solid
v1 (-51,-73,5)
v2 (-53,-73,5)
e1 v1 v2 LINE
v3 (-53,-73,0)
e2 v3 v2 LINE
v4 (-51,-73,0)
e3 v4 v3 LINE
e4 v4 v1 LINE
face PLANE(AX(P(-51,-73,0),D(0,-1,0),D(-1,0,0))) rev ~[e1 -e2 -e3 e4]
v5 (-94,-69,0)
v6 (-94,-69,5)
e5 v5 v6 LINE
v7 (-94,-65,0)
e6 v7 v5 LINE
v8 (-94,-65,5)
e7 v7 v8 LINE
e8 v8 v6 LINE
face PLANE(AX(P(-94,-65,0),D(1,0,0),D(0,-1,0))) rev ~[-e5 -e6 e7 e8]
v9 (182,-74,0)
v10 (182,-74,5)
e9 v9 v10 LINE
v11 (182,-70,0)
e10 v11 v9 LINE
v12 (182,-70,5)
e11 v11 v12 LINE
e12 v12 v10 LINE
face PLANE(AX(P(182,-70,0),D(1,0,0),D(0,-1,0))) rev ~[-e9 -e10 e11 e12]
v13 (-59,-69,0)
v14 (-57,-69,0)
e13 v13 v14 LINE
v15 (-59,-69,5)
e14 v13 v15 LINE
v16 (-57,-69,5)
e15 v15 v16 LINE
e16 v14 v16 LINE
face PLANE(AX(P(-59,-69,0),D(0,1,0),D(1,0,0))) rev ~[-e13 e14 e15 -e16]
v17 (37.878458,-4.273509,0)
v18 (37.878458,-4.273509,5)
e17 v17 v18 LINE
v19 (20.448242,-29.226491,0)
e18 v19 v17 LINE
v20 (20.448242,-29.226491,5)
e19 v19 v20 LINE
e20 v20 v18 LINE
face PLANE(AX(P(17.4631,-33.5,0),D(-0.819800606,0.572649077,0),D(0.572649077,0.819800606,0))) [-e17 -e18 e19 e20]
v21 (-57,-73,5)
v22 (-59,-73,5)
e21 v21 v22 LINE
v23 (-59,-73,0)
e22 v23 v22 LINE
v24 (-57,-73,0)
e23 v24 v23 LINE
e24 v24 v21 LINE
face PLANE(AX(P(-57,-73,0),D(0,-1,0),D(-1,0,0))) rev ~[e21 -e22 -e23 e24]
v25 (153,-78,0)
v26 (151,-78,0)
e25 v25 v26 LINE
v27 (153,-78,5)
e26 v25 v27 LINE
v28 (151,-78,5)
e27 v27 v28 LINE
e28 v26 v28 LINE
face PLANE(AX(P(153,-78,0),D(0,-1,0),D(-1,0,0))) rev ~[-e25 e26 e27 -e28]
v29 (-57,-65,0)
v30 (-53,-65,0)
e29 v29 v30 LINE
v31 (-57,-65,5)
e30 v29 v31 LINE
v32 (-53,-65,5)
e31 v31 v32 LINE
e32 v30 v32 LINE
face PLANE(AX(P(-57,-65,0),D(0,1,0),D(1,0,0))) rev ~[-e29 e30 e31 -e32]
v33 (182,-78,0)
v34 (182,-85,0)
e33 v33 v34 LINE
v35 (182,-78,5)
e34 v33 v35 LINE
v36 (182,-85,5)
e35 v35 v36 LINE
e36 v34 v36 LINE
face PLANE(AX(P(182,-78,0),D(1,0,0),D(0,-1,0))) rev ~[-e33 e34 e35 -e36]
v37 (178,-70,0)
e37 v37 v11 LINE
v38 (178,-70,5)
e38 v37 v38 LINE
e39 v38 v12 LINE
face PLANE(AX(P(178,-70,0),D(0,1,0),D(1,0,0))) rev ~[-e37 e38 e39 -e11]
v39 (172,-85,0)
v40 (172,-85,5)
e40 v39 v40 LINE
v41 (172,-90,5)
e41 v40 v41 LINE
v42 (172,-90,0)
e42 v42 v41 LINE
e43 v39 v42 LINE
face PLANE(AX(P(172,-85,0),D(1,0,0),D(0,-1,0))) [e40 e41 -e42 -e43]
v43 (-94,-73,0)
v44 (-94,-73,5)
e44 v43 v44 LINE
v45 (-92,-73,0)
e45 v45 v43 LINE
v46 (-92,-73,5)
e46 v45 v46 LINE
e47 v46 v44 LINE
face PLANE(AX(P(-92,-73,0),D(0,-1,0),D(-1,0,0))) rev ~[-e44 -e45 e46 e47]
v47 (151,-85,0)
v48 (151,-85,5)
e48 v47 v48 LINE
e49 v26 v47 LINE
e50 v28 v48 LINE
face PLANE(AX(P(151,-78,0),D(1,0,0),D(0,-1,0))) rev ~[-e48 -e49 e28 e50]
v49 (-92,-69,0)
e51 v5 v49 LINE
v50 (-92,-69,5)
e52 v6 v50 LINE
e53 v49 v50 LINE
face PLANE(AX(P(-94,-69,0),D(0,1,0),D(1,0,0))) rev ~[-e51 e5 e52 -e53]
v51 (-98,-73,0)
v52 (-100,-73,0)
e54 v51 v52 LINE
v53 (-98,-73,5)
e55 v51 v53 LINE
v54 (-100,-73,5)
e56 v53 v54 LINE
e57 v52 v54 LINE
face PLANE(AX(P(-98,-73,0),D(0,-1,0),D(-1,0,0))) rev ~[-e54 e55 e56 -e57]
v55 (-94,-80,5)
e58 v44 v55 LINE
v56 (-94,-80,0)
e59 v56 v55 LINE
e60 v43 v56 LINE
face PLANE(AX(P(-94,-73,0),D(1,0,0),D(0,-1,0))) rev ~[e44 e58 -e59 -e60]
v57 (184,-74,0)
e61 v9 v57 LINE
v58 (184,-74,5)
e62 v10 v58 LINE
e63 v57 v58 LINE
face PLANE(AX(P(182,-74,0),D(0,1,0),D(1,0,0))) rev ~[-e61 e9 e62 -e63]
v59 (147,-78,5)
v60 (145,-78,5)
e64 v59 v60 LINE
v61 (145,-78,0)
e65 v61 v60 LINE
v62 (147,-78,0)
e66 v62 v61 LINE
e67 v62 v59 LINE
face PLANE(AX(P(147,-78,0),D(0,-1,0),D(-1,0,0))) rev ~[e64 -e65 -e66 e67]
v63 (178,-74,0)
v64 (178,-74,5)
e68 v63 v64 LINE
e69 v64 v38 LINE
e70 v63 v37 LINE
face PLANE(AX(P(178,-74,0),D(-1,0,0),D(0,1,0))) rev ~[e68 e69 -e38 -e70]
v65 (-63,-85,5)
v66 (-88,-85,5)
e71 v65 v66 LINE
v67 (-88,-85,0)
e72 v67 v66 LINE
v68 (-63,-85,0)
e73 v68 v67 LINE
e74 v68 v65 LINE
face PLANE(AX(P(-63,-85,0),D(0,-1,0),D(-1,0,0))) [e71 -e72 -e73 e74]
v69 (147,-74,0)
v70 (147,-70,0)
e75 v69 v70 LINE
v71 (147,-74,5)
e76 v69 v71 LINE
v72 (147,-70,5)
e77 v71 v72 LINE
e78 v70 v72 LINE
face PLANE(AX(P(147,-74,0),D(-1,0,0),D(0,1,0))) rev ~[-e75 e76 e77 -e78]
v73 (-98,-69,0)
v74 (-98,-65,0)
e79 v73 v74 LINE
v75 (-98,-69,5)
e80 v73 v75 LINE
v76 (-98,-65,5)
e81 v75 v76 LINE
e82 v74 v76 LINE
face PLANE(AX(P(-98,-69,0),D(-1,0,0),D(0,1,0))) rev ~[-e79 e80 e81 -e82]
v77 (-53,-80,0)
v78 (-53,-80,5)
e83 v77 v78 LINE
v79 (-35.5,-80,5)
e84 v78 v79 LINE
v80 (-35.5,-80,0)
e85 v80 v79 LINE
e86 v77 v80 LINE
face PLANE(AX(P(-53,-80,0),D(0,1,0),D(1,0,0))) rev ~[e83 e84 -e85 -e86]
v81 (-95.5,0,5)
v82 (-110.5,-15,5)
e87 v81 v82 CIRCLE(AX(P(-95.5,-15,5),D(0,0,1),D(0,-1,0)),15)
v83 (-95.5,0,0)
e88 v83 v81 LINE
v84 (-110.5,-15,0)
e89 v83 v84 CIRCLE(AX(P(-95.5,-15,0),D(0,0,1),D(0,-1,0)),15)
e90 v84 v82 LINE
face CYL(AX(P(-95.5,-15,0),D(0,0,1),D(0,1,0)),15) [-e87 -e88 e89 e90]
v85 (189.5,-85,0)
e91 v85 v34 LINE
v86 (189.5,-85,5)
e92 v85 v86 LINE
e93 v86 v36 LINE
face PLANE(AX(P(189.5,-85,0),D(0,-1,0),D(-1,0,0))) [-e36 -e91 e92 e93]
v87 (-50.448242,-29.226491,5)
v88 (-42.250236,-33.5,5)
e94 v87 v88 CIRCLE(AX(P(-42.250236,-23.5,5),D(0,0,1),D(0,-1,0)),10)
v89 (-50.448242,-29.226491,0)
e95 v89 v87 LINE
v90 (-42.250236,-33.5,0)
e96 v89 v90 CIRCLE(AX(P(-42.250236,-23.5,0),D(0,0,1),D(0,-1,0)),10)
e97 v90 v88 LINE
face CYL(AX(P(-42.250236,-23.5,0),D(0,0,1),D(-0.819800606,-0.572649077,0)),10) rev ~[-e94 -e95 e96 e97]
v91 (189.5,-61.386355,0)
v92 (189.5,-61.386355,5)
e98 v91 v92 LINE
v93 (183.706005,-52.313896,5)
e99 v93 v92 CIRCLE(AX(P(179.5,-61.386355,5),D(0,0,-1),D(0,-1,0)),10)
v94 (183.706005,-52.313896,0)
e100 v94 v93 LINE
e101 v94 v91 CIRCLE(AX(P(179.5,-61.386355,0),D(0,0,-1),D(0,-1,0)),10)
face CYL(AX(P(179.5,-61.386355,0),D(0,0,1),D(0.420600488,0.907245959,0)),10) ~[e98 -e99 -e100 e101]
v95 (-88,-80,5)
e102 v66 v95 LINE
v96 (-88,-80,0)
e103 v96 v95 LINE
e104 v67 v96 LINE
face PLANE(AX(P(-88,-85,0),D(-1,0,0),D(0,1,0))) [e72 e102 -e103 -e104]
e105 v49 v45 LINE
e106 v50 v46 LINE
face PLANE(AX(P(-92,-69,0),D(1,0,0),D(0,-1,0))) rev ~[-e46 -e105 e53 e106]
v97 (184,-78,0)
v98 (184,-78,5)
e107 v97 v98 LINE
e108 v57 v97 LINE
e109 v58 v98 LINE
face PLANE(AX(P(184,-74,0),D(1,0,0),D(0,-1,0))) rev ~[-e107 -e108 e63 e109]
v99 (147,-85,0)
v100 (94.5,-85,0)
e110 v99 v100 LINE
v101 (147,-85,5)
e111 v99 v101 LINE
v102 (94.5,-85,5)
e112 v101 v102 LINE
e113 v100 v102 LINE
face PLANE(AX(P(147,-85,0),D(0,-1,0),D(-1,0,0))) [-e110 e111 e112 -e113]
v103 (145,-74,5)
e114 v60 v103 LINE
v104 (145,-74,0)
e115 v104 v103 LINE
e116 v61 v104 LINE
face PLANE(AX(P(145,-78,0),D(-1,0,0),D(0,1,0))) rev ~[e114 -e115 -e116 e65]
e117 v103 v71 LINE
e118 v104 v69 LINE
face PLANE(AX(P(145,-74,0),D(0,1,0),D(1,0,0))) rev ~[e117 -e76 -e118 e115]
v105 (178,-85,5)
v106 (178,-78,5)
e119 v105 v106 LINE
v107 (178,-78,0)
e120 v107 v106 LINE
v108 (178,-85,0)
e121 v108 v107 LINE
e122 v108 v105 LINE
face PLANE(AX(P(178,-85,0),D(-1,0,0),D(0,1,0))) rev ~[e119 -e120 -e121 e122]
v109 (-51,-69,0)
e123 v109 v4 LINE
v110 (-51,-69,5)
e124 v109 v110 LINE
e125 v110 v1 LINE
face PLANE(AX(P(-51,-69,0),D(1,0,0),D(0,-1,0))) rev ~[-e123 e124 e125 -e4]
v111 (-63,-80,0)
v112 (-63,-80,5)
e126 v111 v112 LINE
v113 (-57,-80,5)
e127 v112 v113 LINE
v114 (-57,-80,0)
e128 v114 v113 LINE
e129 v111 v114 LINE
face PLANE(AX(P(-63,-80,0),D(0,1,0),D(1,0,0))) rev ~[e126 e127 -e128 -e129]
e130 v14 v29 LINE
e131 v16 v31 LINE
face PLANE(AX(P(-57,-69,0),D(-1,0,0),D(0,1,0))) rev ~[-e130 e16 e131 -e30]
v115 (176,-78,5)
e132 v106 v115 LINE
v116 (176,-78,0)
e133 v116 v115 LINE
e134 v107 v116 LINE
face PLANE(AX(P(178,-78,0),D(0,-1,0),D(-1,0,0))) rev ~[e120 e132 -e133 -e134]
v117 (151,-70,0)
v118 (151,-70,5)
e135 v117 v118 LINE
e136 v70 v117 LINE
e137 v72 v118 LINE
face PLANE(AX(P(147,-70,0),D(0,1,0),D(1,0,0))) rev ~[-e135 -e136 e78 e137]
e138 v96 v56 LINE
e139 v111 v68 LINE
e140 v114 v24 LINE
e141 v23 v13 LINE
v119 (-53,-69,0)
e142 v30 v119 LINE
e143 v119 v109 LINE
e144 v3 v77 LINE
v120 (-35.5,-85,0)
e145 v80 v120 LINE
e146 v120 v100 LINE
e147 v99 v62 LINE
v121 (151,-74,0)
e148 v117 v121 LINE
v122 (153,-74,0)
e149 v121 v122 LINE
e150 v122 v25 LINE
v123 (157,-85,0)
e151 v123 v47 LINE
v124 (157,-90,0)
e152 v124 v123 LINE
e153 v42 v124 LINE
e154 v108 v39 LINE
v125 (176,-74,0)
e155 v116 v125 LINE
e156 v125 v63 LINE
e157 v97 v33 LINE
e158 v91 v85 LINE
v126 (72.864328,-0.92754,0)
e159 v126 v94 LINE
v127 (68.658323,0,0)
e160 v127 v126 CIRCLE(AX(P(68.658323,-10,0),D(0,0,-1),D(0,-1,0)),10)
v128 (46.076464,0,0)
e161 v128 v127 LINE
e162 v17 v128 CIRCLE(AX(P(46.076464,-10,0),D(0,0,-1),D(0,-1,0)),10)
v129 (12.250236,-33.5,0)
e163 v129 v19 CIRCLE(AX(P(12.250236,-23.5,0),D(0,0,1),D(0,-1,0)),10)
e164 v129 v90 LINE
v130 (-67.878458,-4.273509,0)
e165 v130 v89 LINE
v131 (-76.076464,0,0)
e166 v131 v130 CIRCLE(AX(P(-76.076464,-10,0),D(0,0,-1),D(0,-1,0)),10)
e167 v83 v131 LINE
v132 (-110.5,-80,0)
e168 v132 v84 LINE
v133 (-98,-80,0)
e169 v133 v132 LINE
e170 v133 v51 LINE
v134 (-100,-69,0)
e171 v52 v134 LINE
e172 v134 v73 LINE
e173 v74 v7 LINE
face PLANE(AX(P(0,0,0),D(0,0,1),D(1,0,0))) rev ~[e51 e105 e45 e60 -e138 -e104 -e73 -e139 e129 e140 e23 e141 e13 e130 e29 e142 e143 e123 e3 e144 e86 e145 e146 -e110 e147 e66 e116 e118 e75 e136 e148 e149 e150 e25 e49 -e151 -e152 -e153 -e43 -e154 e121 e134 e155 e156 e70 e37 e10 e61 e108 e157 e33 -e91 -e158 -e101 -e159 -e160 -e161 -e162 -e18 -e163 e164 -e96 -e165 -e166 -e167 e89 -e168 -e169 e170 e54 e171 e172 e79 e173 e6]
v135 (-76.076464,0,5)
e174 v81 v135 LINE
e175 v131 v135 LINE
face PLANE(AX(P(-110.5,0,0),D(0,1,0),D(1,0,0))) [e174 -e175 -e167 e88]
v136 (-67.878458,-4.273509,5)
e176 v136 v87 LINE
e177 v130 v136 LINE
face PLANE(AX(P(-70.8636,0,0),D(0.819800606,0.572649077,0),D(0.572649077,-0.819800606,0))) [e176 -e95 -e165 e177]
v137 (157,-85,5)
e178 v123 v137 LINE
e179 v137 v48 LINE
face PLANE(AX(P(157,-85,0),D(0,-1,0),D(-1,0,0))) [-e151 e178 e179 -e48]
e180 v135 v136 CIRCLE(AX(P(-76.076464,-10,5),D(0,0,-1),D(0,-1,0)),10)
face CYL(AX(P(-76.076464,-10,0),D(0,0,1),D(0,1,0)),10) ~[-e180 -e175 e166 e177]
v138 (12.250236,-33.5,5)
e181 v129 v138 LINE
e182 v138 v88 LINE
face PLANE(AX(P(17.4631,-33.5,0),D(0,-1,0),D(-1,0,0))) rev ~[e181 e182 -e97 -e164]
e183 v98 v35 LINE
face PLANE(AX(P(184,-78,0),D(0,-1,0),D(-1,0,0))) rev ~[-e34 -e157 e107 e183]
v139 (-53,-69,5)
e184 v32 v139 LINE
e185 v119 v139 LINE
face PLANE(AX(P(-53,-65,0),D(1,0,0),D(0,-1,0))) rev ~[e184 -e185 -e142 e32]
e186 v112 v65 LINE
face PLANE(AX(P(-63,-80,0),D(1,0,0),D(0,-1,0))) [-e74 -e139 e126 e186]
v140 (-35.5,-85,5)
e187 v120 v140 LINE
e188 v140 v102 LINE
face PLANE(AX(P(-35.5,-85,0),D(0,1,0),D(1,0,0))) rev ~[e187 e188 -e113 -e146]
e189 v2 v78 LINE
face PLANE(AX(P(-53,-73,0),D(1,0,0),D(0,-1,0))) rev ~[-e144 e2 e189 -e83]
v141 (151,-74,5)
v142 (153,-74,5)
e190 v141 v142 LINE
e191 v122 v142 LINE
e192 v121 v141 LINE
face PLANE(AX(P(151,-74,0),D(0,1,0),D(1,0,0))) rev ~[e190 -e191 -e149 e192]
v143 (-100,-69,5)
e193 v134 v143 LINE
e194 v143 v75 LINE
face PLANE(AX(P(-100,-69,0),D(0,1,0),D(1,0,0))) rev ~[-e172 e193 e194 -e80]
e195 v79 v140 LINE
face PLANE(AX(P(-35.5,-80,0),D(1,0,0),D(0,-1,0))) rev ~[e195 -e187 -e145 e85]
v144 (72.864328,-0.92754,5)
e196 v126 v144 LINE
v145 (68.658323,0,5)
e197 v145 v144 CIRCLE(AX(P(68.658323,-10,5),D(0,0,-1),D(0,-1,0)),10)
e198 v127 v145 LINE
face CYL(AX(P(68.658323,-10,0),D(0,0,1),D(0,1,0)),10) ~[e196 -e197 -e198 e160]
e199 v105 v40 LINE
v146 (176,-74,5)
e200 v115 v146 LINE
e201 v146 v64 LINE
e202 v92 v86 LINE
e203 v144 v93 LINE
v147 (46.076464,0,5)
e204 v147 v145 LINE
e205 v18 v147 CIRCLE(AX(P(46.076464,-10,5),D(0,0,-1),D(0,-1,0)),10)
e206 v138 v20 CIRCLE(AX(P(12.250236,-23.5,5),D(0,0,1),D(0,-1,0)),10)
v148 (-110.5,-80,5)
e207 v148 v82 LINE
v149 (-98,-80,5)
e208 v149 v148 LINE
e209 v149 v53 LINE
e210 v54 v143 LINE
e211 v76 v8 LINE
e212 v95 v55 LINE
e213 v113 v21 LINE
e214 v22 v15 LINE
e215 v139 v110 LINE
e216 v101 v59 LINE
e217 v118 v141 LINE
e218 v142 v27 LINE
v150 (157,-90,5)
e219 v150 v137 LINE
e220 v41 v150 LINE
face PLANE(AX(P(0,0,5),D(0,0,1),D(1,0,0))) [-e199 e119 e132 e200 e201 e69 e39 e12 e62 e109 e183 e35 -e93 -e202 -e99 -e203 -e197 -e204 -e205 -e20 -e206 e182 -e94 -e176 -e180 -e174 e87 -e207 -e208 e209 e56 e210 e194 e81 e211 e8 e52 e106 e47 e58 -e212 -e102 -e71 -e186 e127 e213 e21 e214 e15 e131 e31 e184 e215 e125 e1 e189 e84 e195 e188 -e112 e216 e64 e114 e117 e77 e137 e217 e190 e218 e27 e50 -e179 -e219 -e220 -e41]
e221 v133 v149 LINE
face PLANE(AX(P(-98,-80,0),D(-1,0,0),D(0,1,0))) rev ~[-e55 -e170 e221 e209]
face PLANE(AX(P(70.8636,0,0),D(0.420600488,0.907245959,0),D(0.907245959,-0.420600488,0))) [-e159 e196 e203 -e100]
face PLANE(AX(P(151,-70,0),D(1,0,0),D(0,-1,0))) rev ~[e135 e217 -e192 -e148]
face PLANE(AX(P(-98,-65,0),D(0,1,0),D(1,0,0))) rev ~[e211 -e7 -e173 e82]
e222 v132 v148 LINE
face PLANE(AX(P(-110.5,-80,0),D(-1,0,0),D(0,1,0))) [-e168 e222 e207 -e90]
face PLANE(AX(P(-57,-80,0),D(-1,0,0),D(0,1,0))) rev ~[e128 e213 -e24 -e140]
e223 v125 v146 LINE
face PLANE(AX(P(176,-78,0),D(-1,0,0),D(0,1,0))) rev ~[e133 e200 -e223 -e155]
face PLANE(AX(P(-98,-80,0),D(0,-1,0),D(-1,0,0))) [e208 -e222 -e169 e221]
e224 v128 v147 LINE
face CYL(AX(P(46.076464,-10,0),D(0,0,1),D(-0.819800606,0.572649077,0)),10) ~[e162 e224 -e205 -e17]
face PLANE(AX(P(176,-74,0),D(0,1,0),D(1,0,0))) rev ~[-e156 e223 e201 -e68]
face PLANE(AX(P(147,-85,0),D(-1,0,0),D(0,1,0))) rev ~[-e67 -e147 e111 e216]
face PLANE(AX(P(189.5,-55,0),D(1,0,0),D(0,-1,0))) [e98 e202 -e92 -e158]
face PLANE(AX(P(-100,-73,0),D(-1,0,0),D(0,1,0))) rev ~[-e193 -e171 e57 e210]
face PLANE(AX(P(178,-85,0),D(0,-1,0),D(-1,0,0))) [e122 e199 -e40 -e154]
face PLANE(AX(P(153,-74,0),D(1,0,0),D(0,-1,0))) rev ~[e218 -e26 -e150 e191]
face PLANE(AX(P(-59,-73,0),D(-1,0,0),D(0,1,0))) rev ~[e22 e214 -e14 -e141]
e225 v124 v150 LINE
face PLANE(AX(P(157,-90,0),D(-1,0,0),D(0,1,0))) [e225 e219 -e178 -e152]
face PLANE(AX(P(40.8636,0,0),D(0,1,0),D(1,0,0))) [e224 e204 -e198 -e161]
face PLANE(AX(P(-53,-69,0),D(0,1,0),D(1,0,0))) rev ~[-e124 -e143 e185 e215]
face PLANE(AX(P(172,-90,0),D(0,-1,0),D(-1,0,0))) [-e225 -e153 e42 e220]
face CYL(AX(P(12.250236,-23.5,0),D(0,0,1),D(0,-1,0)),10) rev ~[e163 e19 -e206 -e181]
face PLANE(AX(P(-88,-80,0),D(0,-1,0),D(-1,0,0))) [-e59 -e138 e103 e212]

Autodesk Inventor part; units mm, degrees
ref_plane "YZ Plane" through (0, 0, 0) normal (1, 0, 0) x (0, 1, 0)
ref_plane "XZ Plane" through (0, 0, 0) normal (0, 1, 0) x (-1, 0, 0)
ref_plane "XY Plane" through (0, 0, 0) normal (0, 0, 1) x (1, 0, 0)
sketch "Sketch1" plane through (0, 0, 0) normal (0, 0, 1) x (1, 0, 0)
  circle A0 centre (0, 0) radius 63.5 construction
  line L0 (0, 0) -> (-110.5, 0) construction
  line L1 (-110.5, 0) -> (-110.5, -80) construction
  line L2 (0, 0) -> (189.5, 0) construction
  line L3 (189.5, 0) -> (189.5, -85) construction
  line L4 (-88, -80) -> (-63, -80) construction
  line L5 (-63, -80) -> (-63, -85) construction
  line L6 (-63, -85) -> (-88, -85) construction
  line L7 (-88, -85) -> (-88, -80) construction
  line L8 (157, -85) -> (172, -85) construction
  line L9 (172, -85) -> (172, -90) construction
  line L10 (172, -90) -> (157, -90) construction
  line L11 (157, -90) -> (157, -85) construction
  circle A1 centre (0, 0) radius 33.5 construction
  line L12 (-35.5, -80) -> (134.5, -85) construction
  line L13 (0, 0) -> (0, -63.5) construction
  line L14 (-40.8636, 0) -> (0, -58.5) construction
  line L15 (40.8636, 0) -> (0, -58.5) construction
  line L16 (-63, -80) -> (-63, -85)
  line L17 (-63, -85) -> (-88, -85)
  line L18 (-88, -85) -> (-88, -80)
  line L19 (-110.5, -80) -> (-110.5, 0)
  line L20 (-110.5, 0) -> (-40.8636, 0) construction
  line L21 (-40.8636, 0) -> (0, -58.5) construction
  line L22 (0, -58.5) -> (40.8636, 0) construction
  line L23 (40.8636, 0) -> (189.5, 0) construction
  line L24 (189.5, 0) -> (189.5, -85) construction
  line L25 (172, -85) -> (172, -90)
  line L26 (172, -90) -> (157, -90)
  line L27 (157, -90) -> (157, -85)
  line L28 (-35.5, -80) -> (-35.5, -85)
  line L29 (-35.5, -85) -> (94.5, -85)
  line L30 (40.8636, 0) -> (70.8636, 0)
  line L31 (70.8636, 0) -> (189.5, -55)
  line L32 (189.5, -55) -> (189.5, -85)
  line L33 (151, -85) -> (145, -85) construction
  line L34 (172, -85) -> (178, -85) construction
  line L35 (151, -85) -> (149, -85) construction
  line L36 (147, -85) -> (147, -70) construction
  line L37 (147, -70) -> (151, -70) construction
  line L38 (151, -70) -> (151, -85) construction
  line L39 (149, -70) -> (149, -85) construction
  line L40 (145, -78) -> (153, -78) construction
  line L41 (153, -78) -> (153, -74) construction
  line L42 (153, -74) -> (145, -74) construction
  line L43 (145, -74) -> (145, -78) construction
  line L44 (145, -78) -> (153, -74) construction
  line L45 (153, -78) -> (145, -74) construction
  line L46 (180, -85) -> (182, -85) construction
  line L47 (182, -85) -> (182, -70) construction
  line L48 (182, -70) -> (178, -70) construction
  line L49 (178, -70) -> (178, -85) construction
  line L50 (180, -70) -> (180, -85) construction
  line L51 (184, -78) -> (176, -78) construction
  line L52 (176, -78) -> (176, -74) construction
  line L53 (176, -74) -> (184, -74) construction
  line L54 (184, -74) -> (184, -78) construction
  line L55 (184, -78) -> (176, -74) construction
  line L56 (176, -78) -> (184, -74) construction
  line L57 (147, -85) -> (147, -78) construction
  line L58 (147, -85) -> (147, -78)
  line L59 (147, -78) -> (145, -78)
  line L60 (145, -78) -> (145, -74)
  line L61 (145, -74) -> (147, -74)
  line L62 (147, -74) -> (147, -70)
  line L63 (147, -70) -> (151, -70)
  line L64 (151, -70) -> (151, -74)
  line L65 (151, -74) -> (153, -74)
  line L66 (153, -74) -> (153, -78)
  line L67 (153, -78) -> (151, -78)
  line L68 (151, -78) -> (151, -85)
  line L69 (147, -85) -> (134.5, -85) construction
  line L70 (157, -85) -> (151, -85)
  line L71 (147, -85) -> (94.5, -85)
  line L72 (178, -85) -> (178, -78)
  line L73 (178, -78) -> (176, -78)
  line L74 (176, -78) -> (176, -74)
  line L75 (176, -74) -> (178, -74)
  line L76 (178, -74) -> (178, -70)
  line L77 (178, -70) -> (182, -70)
  line L78 (182, -70) -> (182, -74)
  line L79 (182, -74) -> (184, -74)
  line L80 (184, -74) -> (184, -78)
  line L81 (184, -78) -> (182, -78)
  line L82 (182, -78) -> (182, -85)
  line L83 (189.5, -85) -> (180, -85) construction
  line L84 (178, -85) -> (149, -85) construction
  line L85 (189.5, -85) -> (182, -85)
  line L86 (178, -85) -> (172, -85)
  line L87 (-98, -80) -> (-98, -65) construction
  line L88 (-98, -65) -> (-94, -65) construction
  line L89 (-94, -65) -> (-94, -80) construction
  line L90 (-55, -80) -> (-53, -80) construction
  line L91 (-53, -80) -> (-53, -65) construction
  line L92 (-53, -65) -> (-57, -65) construction
  line L93 (-57, -65) -> (-57, -80) construction
  line L94 (-96, -65) -> (-96, -80) construction
  line L95 (-55, -65) -> (-55, -80) construction
  line L96 (-100, -73) -> (-92, -73) construction
  line L97 (-92, -73) -> (-92, -69) construction
  line L98 (-92, -69) -> (-100, -69) construction
  line L99 (-100, -69) -> (-100, -73) construction
  line L100 (-100, -73) -> (-92, -69) construction
  line L101 (-92, -73) -> (-100, -69) construction
  line L102 (-51, -73) -> (-59, -73) construction
  line L103 (-59, -73) -> (-59, -69) construction
  line L104 (-59, -69) -> (-51, -69) construction
  line L105 (-51, -69) -> (-51, -73) construction
  line L106 (-51, -73) -> (-59, -69) construction
  line L107 (-59, -73) -> (-51, -69) construction
  line L108 (-98, -80) -> (-98, -73)
  line L109 (-98, -73) -> (-100, -73)
  line L110 (-100, -73) -> (-100, -69)
  line L111 (-100, -69) -> (-98, -69)
  line L112 (-98, -69) -> (-98, -65)
  line L113 (-98, -65) -> (-94, -65)
  line L114 (-94, -65) -> (-94, -69)
  line L115 (-94, -69) -> (-92, -69)
  line L116 (-92, -69) -> (-92, -73)
  line L117 (-92, -73) -> (-94, -73)
  line L118 (-94, -73) -> (-94, -80)
  line L119 (-88, -80) -> (-94, -80)
  line L120 (-98, -80) -> (-110.5, -80)
  line L121 (-57, -80) -> (-57, -73)
  line L122 (-57, -73) -> (-59, -73)
  line L123 (-59, -73) -> (-59, -69)
  line L124 (-59, -69) -> (-57, -69)
  line L125 (-57, -69) -> (-57, -65)
  line L126 (-57, -65) -> (-53, -65)
  line L127 (-53, -65) -> (-53, -69)
  line L128 (-53, -69) -> (-51, -69)
  line L129 (-51, -69) -> (-51, -73)
  line L130 (-51, -73) -> (-53, -73)
  line L131 (-53, -73) -> (-53, -80)
  line L132 (-110.5, -80) -> (-57, -80) construction
  line L133 (-55, -80) -> (-35.5, -80) construction
  line L134 (-63, -80) -> (-57, -80)
  line L135 (-53, -80) -> (-35.5, -80)
  line L136 (0, -58.5) -> (-30, -58.5) construction
  line L137 (-30, -58.5) -> (-70.8636, 0) construction
  line L138 (-110.5, 0) -> (-70.8636, 0)
  line L139 (17.4631, -33.5) -> (-47.4631, -33.5)
  line L140 (-70.8636, 0) -> (-47.4631, -33.5)
  line L141 (17.4631, -33.5) -> (40.8636, 0)
  point P0 (149, -76)
  point P1 (180, -76)
  point P2 (-96, -71)
  point P3 (-55, -71)
  dimension "d0" = 127
  dimension "d1" = 110.5
  dimension "d2" = 80
  dimension "d3" = 75
  dimension "d4" = 189.5
  dimension "d5" = 85
  dimension "d6" = 55
  dimension "d7" = 25
  dimension "d8" = 5
  dimension "d9" = 27.5
  dimension "d10" = 15
  dimension "d11" = 5
  dimension "d13" = 67
  dimension "d14" = 5
  dimension "d19" = 30
  dimension "d20" = 30
  dimension "d21" = 17.5
  dimension "d23" = 6
  dimension "d24" = 4
  dimension "d25" = 15
  dimension "d26" = 8
  dimension "d27" = 4
  dimension "d29" = 4
  dimension "d30" = 8
  dimension "d32" = 6
  dimension "d33" = 4
  dimension "d34" = 15
  dimension "d35" = 6
  dimension "d36" = 4
  dimension "d37" = 15
  dimension "d38" = 6
  dimension "d39" = 8
  dimension "d40" = 4
  dimension "d41" = 8
  dimension "d44" = 7
  dimension "d45" = 7
  dimension "d46" = 12.5
  dimension "d47" = 30
extrude "Extrusion1" add sketch "Sketch1" along normal blind 5
fillet "Fillet1" radius 10 3 edges at (40.8636, 0, 2.5) (70.8636, 0, 2.5) (189.5, -55, 2.5)
fillet "Fillet2" radius 15 1 edges at (-110.5, 0, 2.5)
fillet "Fillet3" radius 10 3 edges at (-70.8636, 0, 2.5) (-47.4631, -33.5, 2.5) (17.4631, -33.5, 2.5)
properties part number "Soporte_Ambu_Izq"
